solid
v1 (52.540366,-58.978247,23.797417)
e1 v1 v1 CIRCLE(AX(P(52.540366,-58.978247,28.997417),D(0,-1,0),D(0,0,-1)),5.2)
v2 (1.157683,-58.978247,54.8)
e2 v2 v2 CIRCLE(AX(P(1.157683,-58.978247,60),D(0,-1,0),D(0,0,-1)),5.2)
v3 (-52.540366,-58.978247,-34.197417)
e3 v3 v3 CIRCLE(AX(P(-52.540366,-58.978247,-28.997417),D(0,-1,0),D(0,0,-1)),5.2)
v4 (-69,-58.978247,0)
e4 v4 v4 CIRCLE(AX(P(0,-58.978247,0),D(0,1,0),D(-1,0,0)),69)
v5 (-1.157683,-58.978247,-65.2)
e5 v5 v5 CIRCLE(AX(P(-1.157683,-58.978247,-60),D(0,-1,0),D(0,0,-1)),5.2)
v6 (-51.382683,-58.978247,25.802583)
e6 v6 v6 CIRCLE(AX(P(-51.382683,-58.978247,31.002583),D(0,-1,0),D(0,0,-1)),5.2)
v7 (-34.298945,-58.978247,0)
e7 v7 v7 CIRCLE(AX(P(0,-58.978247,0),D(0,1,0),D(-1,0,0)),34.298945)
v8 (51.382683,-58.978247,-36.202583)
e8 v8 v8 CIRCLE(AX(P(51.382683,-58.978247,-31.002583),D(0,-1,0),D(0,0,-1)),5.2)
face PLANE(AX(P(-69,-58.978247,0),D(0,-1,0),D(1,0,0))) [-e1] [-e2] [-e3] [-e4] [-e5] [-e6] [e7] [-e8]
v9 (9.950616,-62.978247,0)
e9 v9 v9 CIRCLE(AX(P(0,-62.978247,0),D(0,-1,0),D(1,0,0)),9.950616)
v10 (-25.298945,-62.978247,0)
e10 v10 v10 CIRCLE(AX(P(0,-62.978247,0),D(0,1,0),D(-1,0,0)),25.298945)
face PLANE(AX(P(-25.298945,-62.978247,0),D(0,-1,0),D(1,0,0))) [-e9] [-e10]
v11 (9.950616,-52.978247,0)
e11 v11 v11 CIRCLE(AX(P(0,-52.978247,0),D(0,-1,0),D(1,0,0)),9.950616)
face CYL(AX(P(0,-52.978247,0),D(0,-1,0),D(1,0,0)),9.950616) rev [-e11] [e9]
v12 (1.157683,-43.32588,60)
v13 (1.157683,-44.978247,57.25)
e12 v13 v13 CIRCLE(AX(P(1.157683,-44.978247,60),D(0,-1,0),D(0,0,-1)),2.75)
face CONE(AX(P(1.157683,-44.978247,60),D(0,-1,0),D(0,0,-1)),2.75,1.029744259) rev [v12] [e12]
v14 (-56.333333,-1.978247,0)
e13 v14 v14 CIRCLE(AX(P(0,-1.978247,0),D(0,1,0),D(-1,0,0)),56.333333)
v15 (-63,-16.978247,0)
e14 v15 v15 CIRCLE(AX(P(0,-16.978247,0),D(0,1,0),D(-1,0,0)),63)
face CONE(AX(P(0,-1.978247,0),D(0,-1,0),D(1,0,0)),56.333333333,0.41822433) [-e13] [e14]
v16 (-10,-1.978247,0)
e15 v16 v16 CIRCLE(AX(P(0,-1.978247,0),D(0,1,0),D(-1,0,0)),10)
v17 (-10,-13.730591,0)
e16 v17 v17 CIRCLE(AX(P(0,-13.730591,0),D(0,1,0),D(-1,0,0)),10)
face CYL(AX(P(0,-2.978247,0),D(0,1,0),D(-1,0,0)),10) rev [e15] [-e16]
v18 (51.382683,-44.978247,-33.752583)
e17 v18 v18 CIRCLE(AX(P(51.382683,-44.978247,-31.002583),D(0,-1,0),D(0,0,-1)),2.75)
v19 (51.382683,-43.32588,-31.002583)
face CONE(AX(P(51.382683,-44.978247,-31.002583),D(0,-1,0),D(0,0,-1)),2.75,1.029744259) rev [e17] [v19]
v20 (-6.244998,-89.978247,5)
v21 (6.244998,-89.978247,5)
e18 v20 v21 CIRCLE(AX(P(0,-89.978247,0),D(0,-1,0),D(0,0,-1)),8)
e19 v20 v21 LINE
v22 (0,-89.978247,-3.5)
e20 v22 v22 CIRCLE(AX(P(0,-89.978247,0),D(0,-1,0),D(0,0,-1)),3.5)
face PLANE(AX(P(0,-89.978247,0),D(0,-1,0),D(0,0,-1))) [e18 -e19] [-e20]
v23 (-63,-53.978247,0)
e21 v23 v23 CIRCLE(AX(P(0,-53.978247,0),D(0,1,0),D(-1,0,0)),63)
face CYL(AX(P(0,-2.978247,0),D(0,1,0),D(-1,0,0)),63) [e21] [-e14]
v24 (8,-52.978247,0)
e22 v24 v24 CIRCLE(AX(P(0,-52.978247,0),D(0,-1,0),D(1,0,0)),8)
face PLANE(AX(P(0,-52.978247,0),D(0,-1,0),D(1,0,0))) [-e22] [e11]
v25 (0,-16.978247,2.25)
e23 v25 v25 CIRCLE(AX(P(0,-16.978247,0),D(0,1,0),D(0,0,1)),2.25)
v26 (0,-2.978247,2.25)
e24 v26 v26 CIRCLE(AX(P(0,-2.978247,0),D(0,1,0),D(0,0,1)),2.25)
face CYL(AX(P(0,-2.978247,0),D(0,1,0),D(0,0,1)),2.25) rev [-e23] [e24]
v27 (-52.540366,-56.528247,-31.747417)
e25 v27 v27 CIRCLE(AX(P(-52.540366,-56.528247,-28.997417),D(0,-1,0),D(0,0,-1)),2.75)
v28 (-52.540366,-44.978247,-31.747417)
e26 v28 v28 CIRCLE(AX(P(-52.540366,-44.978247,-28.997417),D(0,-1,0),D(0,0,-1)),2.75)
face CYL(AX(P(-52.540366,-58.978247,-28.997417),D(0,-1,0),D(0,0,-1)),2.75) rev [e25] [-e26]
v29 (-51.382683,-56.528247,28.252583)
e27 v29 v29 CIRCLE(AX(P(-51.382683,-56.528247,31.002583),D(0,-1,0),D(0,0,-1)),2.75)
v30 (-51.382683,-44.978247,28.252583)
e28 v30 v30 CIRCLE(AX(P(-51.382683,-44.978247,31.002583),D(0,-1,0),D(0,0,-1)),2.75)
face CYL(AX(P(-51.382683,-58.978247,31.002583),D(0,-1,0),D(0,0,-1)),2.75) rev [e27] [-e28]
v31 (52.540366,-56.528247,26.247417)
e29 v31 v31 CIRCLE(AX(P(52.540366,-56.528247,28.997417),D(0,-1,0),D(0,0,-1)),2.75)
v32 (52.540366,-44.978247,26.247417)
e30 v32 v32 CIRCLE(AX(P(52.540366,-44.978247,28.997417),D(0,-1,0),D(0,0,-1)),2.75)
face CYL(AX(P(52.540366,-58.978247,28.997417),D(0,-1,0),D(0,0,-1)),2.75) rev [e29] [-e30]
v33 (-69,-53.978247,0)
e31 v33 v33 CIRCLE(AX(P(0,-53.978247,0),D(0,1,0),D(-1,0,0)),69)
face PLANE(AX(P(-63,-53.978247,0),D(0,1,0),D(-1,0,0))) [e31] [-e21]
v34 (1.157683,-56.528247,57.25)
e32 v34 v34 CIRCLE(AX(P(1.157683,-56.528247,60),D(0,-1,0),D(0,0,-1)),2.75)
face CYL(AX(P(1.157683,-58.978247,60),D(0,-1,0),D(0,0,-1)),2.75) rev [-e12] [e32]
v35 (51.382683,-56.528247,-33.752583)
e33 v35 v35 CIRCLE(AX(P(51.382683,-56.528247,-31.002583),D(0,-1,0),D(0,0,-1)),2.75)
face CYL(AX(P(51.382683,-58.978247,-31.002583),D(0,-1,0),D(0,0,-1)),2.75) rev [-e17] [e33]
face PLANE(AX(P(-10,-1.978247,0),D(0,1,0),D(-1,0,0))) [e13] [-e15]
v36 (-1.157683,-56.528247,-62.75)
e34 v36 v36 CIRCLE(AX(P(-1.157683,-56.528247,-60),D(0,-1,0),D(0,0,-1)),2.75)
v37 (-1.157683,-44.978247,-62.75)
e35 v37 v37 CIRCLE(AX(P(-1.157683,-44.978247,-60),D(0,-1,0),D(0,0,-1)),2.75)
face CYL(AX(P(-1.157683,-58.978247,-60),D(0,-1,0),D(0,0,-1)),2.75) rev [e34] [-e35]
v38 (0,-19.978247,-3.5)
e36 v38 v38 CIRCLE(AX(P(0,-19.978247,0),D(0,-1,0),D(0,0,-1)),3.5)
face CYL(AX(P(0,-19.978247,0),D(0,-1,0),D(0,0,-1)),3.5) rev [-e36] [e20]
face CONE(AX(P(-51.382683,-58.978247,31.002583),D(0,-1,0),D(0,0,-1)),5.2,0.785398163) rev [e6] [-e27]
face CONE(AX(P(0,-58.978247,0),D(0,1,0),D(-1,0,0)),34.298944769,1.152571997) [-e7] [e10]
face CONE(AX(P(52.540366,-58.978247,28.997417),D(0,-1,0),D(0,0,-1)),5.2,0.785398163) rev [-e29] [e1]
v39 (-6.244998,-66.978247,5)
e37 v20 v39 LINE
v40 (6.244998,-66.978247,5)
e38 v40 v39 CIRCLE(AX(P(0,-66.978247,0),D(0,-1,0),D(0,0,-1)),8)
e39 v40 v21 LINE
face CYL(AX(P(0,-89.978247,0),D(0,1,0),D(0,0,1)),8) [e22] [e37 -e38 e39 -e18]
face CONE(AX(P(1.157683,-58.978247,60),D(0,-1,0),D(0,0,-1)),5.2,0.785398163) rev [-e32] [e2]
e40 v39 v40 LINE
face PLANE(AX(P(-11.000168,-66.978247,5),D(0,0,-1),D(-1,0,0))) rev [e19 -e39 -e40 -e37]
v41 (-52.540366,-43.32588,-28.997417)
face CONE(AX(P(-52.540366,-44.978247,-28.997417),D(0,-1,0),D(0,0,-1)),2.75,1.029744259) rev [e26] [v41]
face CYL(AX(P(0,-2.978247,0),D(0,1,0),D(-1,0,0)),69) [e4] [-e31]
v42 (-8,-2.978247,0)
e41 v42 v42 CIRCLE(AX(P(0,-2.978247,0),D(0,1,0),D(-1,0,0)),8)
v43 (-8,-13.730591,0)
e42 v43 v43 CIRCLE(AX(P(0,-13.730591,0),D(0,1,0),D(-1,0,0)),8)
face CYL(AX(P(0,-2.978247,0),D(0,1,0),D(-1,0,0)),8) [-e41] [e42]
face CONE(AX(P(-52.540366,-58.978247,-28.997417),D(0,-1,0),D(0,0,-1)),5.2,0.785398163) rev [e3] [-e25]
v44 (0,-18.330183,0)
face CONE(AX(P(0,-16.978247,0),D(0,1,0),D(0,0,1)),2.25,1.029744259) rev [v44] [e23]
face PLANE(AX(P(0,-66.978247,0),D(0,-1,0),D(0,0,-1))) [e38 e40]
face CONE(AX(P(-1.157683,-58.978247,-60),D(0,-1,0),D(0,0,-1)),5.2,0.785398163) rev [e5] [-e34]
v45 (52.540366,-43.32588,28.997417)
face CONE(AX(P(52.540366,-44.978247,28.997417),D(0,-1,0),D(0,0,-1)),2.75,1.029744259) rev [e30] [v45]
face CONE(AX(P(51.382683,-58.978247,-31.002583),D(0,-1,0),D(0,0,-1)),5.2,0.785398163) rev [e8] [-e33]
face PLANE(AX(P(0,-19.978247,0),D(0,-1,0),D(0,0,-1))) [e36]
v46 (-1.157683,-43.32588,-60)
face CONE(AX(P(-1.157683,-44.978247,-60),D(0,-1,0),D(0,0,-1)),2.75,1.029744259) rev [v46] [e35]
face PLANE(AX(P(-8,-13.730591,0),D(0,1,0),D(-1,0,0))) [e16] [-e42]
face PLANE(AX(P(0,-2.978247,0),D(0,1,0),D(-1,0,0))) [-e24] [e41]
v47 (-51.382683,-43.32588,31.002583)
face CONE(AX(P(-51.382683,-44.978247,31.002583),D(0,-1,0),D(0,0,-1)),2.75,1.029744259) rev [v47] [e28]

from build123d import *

# Parameters (mm, degrees)
EXTRUDE_START            = 27
SKETCH_3_R               = 8
EXTRUDE_1_DEPTH          = 27
SKETCH_4_W               = 21.869380784
SKETCH_4_H               = 6.809627549
CUT_EXTRUDE_1_DEPTH      = 23
SKETCH_5_R               = 3.5
CUT_EXTRUDE_2_DEPTH      = 70
PATTERN_CIRCULAR_1_COUNT = 6
HOLE_WIZARD_M41_D        = 4.5
HOLE_WIZARD_M41_DEPTH    = 14
HOLE_WIZARD_M41_TIP      = 1.351936393
SKETCH_14_R              = 9.95061624
SKETCH_14_R_2            = 8
CUT_EXTRUDE_5_DEPTH      = 10


with BuildPart() as part:
    # Эскиз2 → Повернуть1 (revolve)
    with BuildSketch(Plane.XY):
        Polygon((-10, -1.978246769), (-56.333333333, -1.978246769), (-63, -16.978246769), (-63, -53.978246769), (-69, -53.978246769), (-69, -58.978246769), (-34.298944769, -58.978246769), (-25.298944769, -62.978246769), (0, -62.978246769), (0, -2.978246769), (-8, -2.978246769), (-8, -13.730591033), (-10, -13.730591033), align=None)
    revolve(axis=Axis((0, -2.978246769, 0), (0, -1, 0)))

    # Эскиз3 → Бобышка-Вытянуть1 (add)
    with BuildSketch(Plane.XZ.offset(62.978246769).offset(EXTRUDE_START)):
        with Locations(Location((0, 0, 0), (0, 0, 180))):
            Circle(SKETCH_3_R)
    extrude(amount=-EXTRUDE_1_DEPTH)

    # Эскиз4 → Вырез-Вытянуть1 (cut)
    with BuildSketch(Plane.XZ.offset(89.978246769)):
        with Locations((-0.065477188, 8.404813774)):
            Rectangle(SKETCH_4_W, SKETCH_4_H)
    extrude(amount=-CUT_EXTRUDE_1_DEPTH, mode=Mode.SUBTRACT)

    # Эскиз5 → Вырез-Вытянуть2 (cut)
    with BuildSketch(Plane.XZ.offset(89.978246769)):
        with Locations(Location((0, 0, 0), (0, 0, 270))):
            Circle(SKETCH_5_R)
    extrude(amount=-CUT_EXTRUDE_2_DEPTH, mode=Mode.SUBTRACT)

    # Эскиз7 → Зенковка для винта с полупотайной головкой M51 (revolve, cut)
    with BuildSketch(Plane(origin=(-1.157683247, -58.978246769, -60), x_dir=(0, 0, -1), z_dir=(1, 0, 0))):
        Polygon((0, 0), (0, 15.652366702), (2.75, 14), (2.75, 2.45), (5.2, 0), align=None)
    hole_wizard_m51 = revolve(axis=Axis((-1.157683247, -65.328246769, -60), (0, 1, 0)), mode=Mode.SUBTRACT)

    # Круговой массив1: Зенковка для винта с полупотайной головкой M51 ×6 about axis
    pattern_circular_1_axis = Axis((0, 0, 0), (0, 1, 0))
    for i in range(1, PATTERN_CIRCULAR_1_COUNT):
        add(hole_wizard_m51.rotate(pattern_circular_1_axis, i * 360 / PATTERN_CIRCULAR_1_COUNT), mode=Mode.SUBTRACT)

    # Отверстие с зазором M41
    with Locations(Plane(origin=(0, -2.978246769, 0), x_dir=(1, 0, 0), z_dir=(0, 1, 0))):
        with Locations((0, 0)):
            Hole(HOLE_WIZARD_M41_D / 2, depth=HOLE_WIZARD_M41_DEPTH)
            with Locations((0, 0, -(HOLE_WIZARD_M41_DEPTH + HOLE_WIZARD_M41_TIP / 2))):  # 118° drill point
                Cone(0, HOLE_WIZARD_M41_D / 2, HOLE_WIZARD_M41_TIP, mode=Mode.SUBTRACT)

    # Эскиз14 → Вырез-Вытянуть5 (cut)
    with BuildSketch(Plane.XZ.offset(62.978246769)):
        Circle(SKETCH_14_R)
        with Locations(Location((0, 0, 0), (0, 0, 180))):
            Circle(SKETCH_14_R_2, mode=Mode.SUBTRACT)
    extrude(amount=-CUT_EXTRUDE_5_DEPTH, mode=Mode.SUBTRACT)


solid = part.part
